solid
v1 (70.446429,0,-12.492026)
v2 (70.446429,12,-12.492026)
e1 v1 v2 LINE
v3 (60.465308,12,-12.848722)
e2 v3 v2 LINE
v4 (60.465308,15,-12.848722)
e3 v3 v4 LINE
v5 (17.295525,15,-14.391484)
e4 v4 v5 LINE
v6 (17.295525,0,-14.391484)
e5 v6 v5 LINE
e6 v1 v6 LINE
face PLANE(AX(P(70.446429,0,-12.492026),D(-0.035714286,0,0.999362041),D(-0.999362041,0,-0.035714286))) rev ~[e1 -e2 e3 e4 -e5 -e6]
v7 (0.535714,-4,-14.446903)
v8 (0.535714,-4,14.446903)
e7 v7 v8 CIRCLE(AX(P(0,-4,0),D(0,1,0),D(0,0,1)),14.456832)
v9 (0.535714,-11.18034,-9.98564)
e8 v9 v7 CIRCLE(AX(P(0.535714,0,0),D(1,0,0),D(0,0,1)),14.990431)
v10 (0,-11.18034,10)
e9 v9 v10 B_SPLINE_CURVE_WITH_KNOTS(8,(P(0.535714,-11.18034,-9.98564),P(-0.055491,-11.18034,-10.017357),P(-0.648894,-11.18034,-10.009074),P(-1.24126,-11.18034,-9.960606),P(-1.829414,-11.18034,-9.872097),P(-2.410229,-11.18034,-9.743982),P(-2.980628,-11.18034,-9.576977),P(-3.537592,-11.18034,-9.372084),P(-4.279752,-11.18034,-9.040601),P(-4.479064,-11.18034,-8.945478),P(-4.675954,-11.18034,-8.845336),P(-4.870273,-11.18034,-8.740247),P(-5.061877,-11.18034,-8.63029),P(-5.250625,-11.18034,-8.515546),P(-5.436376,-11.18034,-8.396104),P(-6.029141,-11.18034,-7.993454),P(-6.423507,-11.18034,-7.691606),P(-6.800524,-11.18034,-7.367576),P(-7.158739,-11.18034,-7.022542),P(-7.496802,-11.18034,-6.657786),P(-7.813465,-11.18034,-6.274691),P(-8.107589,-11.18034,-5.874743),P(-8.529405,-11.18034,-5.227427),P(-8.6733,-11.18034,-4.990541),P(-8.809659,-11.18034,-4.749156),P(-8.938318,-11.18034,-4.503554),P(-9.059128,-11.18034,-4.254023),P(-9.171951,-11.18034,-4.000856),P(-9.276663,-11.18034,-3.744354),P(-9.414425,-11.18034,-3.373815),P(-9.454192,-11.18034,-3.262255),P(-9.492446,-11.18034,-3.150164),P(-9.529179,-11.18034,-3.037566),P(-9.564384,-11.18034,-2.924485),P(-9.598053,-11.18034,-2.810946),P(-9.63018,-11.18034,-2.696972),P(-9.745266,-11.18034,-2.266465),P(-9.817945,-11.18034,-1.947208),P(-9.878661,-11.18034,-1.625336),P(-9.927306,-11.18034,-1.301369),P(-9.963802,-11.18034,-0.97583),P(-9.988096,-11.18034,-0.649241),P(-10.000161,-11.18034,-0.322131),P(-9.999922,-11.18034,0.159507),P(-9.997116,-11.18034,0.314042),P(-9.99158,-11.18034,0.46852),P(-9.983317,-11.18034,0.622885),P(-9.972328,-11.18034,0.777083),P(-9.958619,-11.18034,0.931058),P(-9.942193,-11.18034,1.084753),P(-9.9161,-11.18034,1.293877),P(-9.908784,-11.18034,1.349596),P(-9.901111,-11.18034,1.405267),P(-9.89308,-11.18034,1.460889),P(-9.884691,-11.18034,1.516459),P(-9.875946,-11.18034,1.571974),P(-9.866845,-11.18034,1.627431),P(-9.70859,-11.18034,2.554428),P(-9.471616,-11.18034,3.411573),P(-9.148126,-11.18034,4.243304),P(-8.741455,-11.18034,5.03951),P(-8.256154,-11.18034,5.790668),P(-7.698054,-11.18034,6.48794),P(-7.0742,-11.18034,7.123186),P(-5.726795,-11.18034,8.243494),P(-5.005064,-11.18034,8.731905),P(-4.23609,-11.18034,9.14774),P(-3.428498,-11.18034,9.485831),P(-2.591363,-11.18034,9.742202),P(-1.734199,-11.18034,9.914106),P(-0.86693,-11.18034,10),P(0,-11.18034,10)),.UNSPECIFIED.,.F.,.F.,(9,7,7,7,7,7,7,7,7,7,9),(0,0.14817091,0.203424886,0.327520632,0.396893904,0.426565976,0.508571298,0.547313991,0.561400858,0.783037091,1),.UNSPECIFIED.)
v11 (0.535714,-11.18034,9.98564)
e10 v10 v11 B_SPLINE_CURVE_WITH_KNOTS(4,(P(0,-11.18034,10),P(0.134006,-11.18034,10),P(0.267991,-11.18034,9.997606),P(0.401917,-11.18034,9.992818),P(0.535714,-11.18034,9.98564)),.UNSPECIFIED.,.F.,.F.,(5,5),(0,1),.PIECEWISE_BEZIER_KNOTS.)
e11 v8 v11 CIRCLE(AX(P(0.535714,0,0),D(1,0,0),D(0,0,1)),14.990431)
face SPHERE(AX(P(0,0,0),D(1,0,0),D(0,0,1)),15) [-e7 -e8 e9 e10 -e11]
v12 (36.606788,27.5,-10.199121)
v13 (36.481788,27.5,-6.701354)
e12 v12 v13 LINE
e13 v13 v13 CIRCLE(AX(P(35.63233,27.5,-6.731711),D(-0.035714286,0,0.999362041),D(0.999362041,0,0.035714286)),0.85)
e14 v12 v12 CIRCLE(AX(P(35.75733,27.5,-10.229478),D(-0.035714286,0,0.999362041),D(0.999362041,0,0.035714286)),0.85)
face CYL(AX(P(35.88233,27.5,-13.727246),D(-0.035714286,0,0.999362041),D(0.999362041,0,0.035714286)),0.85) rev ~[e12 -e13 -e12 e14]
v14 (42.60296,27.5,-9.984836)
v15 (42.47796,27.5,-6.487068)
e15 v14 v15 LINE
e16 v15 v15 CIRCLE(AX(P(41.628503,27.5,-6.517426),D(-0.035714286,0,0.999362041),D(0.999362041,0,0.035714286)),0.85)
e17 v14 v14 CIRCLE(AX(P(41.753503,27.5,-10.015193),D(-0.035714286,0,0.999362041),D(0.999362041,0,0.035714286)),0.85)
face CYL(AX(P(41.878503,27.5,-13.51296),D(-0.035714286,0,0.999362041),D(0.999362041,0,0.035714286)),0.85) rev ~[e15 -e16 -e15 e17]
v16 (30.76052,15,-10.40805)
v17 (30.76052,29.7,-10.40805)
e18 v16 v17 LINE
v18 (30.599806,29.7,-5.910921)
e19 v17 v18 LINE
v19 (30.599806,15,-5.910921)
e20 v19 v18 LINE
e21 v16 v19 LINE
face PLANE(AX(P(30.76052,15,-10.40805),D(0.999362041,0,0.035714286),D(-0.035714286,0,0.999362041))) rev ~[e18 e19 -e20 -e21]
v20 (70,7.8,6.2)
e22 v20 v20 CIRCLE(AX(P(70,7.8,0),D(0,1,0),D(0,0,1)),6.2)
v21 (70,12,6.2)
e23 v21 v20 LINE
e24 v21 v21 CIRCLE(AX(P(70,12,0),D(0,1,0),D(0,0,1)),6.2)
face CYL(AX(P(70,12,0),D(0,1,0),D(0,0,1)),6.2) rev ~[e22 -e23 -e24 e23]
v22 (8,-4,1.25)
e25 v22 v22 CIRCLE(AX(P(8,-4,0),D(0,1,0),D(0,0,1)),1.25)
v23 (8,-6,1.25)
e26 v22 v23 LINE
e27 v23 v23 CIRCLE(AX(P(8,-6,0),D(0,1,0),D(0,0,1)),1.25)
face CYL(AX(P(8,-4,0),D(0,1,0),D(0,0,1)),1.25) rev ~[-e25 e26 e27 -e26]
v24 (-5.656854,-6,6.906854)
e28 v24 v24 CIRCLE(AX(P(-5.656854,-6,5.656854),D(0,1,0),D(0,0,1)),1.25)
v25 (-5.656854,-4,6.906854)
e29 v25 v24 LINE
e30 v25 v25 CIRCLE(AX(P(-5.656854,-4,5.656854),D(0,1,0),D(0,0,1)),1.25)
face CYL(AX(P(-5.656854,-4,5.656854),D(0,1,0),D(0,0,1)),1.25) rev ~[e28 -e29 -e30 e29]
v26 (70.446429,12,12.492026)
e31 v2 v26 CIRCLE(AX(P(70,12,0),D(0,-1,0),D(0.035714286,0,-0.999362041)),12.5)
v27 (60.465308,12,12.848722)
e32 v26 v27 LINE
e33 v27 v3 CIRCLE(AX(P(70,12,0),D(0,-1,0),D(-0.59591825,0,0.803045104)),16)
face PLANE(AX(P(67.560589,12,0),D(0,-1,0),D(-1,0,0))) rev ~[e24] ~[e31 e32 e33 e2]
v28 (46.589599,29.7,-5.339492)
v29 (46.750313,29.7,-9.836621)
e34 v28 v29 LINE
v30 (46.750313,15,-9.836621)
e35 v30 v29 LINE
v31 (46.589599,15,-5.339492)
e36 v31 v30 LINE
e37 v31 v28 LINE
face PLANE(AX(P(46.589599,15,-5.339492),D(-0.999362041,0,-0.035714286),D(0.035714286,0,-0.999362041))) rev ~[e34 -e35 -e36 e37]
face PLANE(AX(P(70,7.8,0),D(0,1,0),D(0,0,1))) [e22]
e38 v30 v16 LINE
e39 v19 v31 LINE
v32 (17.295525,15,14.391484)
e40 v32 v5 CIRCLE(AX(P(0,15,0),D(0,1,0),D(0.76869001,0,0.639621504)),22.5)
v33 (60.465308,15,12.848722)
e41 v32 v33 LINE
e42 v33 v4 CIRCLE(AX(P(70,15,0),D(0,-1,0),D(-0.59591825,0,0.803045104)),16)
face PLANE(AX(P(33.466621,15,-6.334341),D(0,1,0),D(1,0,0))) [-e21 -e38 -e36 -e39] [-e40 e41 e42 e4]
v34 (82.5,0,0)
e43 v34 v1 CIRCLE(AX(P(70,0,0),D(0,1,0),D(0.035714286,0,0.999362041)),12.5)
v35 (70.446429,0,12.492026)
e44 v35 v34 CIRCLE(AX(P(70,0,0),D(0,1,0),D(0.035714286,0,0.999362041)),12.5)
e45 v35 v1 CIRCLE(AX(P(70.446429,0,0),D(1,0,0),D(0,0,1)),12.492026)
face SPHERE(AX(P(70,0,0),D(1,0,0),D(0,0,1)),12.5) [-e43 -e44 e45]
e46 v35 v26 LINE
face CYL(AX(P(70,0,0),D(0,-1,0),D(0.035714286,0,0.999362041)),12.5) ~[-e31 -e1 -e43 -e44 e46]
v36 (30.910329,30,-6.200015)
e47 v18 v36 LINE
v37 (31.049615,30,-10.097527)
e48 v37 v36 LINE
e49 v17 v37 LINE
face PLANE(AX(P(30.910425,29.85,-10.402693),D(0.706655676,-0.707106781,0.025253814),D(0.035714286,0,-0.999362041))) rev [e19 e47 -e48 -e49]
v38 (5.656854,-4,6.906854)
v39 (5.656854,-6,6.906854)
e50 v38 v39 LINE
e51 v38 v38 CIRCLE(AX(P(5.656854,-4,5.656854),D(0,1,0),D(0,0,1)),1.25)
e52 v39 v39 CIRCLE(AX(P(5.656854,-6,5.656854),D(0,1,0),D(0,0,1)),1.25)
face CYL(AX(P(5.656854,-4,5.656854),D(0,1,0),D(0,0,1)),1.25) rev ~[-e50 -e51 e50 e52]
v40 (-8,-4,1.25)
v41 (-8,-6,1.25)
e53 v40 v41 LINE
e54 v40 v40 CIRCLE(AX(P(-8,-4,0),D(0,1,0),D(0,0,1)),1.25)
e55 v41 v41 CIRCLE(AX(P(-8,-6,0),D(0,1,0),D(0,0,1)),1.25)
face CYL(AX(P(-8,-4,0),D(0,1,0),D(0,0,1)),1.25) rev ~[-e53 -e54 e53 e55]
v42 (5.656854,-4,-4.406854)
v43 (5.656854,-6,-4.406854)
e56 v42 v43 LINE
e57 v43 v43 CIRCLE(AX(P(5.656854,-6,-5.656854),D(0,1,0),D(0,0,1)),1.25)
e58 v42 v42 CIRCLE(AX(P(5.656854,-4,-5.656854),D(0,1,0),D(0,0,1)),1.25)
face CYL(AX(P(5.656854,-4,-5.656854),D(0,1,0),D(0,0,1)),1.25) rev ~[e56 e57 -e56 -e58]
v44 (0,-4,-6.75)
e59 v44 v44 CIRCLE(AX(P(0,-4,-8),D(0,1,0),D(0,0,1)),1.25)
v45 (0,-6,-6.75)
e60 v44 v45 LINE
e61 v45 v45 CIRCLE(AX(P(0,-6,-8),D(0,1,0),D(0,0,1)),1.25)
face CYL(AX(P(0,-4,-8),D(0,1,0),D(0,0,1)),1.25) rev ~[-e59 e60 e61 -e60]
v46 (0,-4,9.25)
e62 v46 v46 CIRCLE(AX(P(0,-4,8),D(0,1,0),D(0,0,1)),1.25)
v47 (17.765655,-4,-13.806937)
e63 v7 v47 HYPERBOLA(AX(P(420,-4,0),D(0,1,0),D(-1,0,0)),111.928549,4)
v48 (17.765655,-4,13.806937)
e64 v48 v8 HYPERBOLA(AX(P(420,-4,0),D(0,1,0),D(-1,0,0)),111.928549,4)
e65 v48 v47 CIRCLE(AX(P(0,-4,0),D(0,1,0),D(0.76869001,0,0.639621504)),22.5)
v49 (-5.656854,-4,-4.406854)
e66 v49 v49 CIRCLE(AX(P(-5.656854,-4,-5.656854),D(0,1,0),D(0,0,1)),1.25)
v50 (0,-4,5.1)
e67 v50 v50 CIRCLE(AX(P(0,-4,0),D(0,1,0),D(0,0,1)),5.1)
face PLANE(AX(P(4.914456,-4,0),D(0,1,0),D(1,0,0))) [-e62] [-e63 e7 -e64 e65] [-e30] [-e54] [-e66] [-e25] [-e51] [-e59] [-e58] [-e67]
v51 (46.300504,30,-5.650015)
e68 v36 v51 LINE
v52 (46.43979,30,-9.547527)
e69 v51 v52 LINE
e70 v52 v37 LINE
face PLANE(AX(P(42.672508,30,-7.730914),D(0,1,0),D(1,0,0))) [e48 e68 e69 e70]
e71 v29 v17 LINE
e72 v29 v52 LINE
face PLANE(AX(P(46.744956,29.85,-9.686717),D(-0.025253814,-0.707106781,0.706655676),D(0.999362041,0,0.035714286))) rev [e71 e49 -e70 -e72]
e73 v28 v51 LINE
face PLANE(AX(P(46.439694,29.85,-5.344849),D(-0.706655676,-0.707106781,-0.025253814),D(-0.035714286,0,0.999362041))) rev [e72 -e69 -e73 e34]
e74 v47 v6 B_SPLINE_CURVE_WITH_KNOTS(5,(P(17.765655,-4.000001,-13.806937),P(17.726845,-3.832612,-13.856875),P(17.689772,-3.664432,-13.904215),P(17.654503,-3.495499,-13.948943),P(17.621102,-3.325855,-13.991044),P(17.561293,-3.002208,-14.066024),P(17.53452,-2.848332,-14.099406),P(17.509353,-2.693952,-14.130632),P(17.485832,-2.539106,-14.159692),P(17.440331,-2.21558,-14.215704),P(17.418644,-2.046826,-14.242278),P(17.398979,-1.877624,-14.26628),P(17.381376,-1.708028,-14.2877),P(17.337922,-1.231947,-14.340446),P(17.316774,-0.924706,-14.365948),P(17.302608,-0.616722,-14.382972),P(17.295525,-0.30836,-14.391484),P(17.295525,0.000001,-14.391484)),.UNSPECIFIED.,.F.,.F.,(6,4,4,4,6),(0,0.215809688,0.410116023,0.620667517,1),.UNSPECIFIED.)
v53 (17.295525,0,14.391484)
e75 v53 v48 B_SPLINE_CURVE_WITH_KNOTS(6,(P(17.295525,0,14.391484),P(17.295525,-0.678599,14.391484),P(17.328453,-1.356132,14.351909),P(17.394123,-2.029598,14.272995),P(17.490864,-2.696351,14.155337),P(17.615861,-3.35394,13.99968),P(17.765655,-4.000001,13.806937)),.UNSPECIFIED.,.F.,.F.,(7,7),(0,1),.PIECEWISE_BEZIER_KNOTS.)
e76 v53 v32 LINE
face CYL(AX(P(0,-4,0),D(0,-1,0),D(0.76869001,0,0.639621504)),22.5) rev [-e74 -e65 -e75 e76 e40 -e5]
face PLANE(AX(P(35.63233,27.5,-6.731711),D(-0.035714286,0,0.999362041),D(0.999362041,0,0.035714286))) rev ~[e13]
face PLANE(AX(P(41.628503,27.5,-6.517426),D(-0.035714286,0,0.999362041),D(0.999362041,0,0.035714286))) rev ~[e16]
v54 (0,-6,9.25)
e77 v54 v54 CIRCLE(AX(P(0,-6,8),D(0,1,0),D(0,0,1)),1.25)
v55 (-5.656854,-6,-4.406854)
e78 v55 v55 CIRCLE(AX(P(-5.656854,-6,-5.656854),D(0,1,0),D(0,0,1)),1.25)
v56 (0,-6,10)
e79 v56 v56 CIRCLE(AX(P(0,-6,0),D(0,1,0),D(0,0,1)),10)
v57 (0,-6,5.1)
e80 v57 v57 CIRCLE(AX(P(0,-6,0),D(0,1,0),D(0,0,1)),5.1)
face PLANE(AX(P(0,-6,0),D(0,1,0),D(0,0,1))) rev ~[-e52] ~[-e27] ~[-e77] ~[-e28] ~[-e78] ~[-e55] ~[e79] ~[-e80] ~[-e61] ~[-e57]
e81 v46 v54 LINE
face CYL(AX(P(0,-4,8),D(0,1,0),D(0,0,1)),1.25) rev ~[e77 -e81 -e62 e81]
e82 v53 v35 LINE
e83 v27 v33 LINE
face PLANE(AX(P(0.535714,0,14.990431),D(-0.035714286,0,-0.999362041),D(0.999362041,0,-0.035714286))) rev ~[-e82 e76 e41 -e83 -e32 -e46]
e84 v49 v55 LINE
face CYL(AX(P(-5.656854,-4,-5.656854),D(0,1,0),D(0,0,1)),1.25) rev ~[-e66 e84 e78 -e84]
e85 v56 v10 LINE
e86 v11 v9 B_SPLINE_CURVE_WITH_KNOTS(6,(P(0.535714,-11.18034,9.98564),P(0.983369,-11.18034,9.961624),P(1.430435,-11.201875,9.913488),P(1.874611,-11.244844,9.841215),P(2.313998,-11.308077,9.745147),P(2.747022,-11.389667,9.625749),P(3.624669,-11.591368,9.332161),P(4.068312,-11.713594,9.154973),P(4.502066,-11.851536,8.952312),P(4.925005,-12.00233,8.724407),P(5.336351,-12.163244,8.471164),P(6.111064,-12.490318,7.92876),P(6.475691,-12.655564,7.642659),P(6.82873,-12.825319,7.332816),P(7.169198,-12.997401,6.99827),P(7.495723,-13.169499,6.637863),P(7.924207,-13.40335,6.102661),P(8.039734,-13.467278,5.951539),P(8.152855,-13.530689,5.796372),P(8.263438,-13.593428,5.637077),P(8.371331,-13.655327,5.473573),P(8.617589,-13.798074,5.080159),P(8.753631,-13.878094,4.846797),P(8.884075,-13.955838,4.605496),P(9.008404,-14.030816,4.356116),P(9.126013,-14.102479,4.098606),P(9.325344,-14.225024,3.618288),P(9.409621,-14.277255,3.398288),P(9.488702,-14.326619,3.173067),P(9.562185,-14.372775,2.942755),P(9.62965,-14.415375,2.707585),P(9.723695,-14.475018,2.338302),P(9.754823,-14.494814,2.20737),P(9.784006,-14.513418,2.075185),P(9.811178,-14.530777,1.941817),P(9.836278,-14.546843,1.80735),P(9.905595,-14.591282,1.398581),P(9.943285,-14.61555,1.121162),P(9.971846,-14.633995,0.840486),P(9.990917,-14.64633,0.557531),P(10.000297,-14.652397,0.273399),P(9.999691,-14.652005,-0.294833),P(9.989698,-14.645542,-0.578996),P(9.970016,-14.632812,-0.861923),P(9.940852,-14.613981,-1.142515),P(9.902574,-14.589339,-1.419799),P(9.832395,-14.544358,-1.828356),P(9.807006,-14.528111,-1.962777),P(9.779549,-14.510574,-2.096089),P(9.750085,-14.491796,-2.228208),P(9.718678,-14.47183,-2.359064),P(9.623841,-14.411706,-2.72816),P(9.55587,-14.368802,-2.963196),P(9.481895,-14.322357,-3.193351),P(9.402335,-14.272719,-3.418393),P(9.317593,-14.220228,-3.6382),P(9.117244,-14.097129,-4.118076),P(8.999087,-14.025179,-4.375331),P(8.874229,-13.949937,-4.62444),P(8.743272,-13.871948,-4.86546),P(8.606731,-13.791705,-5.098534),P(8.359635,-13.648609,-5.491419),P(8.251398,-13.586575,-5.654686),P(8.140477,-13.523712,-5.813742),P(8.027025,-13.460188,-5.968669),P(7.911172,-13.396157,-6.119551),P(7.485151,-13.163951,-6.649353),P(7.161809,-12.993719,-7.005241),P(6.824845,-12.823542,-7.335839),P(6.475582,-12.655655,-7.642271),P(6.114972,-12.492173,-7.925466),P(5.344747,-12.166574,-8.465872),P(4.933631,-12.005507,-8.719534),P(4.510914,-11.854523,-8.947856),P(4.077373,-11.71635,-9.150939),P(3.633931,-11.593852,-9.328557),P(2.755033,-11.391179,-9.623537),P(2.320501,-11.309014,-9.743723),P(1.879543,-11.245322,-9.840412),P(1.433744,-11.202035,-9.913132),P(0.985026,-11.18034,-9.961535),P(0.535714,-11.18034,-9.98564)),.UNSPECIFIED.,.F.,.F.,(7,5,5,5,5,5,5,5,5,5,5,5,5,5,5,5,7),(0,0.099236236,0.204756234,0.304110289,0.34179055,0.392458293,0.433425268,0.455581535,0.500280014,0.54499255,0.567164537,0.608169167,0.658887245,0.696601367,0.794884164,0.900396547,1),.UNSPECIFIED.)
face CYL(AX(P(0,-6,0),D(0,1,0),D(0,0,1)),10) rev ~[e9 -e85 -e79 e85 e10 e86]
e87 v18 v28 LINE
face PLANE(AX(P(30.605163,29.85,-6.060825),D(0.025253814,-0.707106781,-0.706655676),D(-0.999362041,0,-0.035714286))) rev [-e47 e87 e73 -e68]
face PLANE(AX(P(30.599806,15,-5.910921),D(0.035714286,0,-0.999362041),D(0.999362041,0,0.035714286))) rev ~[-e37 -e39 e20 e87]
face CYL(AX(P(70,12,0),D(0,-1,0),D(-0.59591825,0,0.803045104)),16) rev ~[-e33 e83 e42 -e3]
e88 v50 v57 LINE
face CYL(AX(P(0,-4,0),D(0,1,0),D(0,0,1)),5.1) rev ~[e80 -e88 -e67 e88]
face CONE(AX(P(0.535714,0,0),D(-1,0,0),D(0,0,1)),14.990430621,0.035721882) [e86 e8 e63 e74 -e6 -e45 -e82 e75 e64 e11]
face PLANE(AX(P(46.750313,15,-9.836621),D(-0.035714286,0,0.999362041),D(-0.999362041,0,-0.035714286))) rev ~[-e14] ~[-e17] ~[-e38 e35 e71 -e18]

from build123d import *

# Parameters (mm, degrees)
EXTRUDE_1_DEPTH     = 15
REVOLVE_1_ANGLE     = 180.0000000000004
CUT_EXTRUDE_START   = -19
CUT_EXTRUDE_1_DEPTH = 19
SKETCH_5_R          = 10
CUT_EXTRUDE_2_DEPTH = 87.34958022017247
SKETCH_4_R          = 1.2499999999999991
SKETCH_4_R_2        = 1.2500000000000002
SKETCH_4_R_3        = 1.2499999999999996
SKETCH_4_R_4        = 1.2499999999999987
SKETCH_4_R_5        = 1.2499999999999984
SKETCH_4_R_6        = 1.249999999999999
SKETCH_4_R_7        = 5.1000000000000005
CUT_EXTRUDE_3_DEPTH = 86.88509768172823
CUT_EXTRUDE_START_2 = -3
CUT_EXTRUDE_5_DEPTH = 3
SKETCH_6_R          = 6.200000000000004
CUT_EXTRUDE_4_DEPTH = 4.2
EXTRUDE_2_DEPTH     = 15
CHAMFER_1_SIZE      = 0.3
HOLE_WIZARD_1_D     = 1.7
HOLE_WIZARD_1_DEPTH = 3.5


with BuildPart() as part:
    # 草图2 → 凸台-拉伸1 (new body)
    with BuildSketch(Plane(origin=(0, 0, 0), x_dir=(1, 0, 0), z_dir=(0, 1, 0))):
        with BuildLine():
            Line((70.44642857142858, 12.492025517529665), (0.5357142857142793, 14.990430621035568))
            ThreePointArc((0.5357142857142791, 14.990430621035566), (-10.41547612244118, 10.79434375693384), (-14.99999999999997, 1.22e-15))
            Line((-15, 0), (82.5, -8.67e-15))
            ThreePointArc((82.5, -8.44e-15), (78.99528646411157, 8.679563435367664), (70.44642857142858, 12.492025517529667))
        make_face()
        with BuildLine():
            Line((82.5, -8.67e-15), (-15, 0))
            ThreePointArc((-14.999999999999998, 0), (-10.415476122441204, -10.794343756933866), (0.535714285714286, -14.990430621035598))
            Line((0.5357142857142848, -14.990430621035598), (70.44642857142858, -12.492025517529669))
            ThreePointArc((70.44642857142858, -12.492025517529669), (78.99528646411156, -8.679563435367672), (82.5, -8.72e-15))
        make_face()
    extrude(amount=EXTRUDE_1_DEPTH)

    # 草图1 → 旋转1 (revolve)
    with BuildSketch(Plane(origin=(0, 0, 0), x_dir=(1, 0, 0), z_dir=(0, 1, 0))):
        with BuildLine():
            Line((0.5357142857142848, -14.990430621035598), (70.44642857142858, -12.492025517529669))
            ThreePointArc((70.44642857142858, -12.492025517529669), (78.99528646411156, -8.67956343536767), (82.5, 0))
            Line((82.5, 0), (-15, 0))
            ThreePointArc((-15, 0), (-10.415476122441207, -10.794343756933864), (0.5357142857142848, -14.990430621035598))
        make_face()
    revolve(axis=Axis((70, 0, 8.67e-15), (1, 0, 1.2e-16)), revolution_arc=REVOLVE_1_ANGLE)

    # 草图3 → 切除-拉伸1 (cut)
    with BuildSketch(Plane(origin=(0, 15, 0), x_dir=(1, 0, 0), z_dir=(0, 1, 0)).offset(CUT_EXTRUDE_START)):
        with BuildLine():
            Line((17.295525226029294, 14.391483841348133), (0.5357142857142793, 14.990430621035568))
            ThreePointArc((0.5357142857142793, 14.990430621035568), (-14.999999999999972, 1.84e-15), (0.5357142857142814, -14.990430621035584))
            Line((0.5357142857142814, -14.990430621035584), (17.29552522602928, -14.391483841348148))
            ThreePointArc((17.29552522602928, -14.391483841348148), (22.5, -9.99e-15), (17.295525226029294, 14.391483841348133))
        make_face()
    extrude(amount=CUT_EXTRUDE_1_DEPTH, mode=Mode.SUBTRACT)

    # 草图5 → 切除-拉伸2 (cut, through all)
    with BuildSketch(Plane(origin=(0, -6, 0), x_dir=(1, 0, 0), z_dir=(0, 1, 0))):
        with Locations(Location((0, 0, 0), (0, 0, 270))):
            Circle(SKETCH_5_R)
    extrude(amount=-CUT_EXTRUDE_2_DEPTH, mode=Mode.SUBTRACT)

    # 草图4 → 切除-拉伸3 (cut, through all)
    with BuildSketch(Plane(origin=(0, -4, 0), x_dir=(1, 0, 0), z_dir=(0, 1, 0))):
        with Locations(Location((8, 0, 0), (0, 0, 270))):
            Circle(SKETCH_4_R)
        with Locations(Location((5.656854249492371, -5.656854249492391, 0), (0, 0, 270))):
            Circle(SKETCH_4_R_2)
        with Locations(Location((-2.793e-14, -8, 0), (0, 0, 270))):
            Circle(SKETCH_4_R_3)
        with Locations(Location((-5.656854249492411, -5.65685424949235, 0), (0, 0, 270))):
            Circle(SKETCH_4_R_4)
        with Locations(Location((-8, 5.586e-14, 0), (0, 0, 270))):
            Circle(SKETCH_4_R_5)
        with Locations(Location((-5.65685424949233, 5.656854249492429, 0), (0, 0, 270))):
            Circle(SKETCH_4_R_3)
        with Locations(Location((8.38e-14, 7.999999999999998, 0), (0, 0, 270))):
            Circle(SKETCH_4_R_6)
        with Locations(Location((5.656854249492451, 5.656854249492311, 0), (0, 0, 270))):
            Circle(SKETCH_4_R_6)
        with Locations(Location((0, 0, 0), (0, 0, 270))):
            Circle(SKETCH_4_R_7)
    extrude(amount=-CUT_EXTRUDE_3_DEPTH, mode=Mode.SUBTRACT)

    # 草图11 → 切除-拉伸5 (cut)
    with BuildSketch(Plane(origin=(0, 15, 0), x_dir=(1, 0, 0), z_dir=(0, 1, 0)).offset(CUT_EXTRUDE_START_2)):
        with BuildLine():
            Line((60.46530800021301, 12.848721666733917), (70.44642857142858, 12.492025517529665))
            ThreePointArc((70.44642857142858, 12.492025517529665), (82.5, -8.67e-15), (70.44642857142858, -12.492025517529669))
            Line((70.44642857142858, -12.492025517529669), (60.46530800021299, -12.848721666733926))
            ThreePointArc((60.46530800021299, -12.848721666733926), (54, 3.9e-16), (60.46530800021301, 12.848721666733917))
        make_face()
    extrude(amount=CUT_EXTRUDE_5_DEPTH, mode=Mode.SUBTRACT)

    # 草图6 → 切除-拉伸4 (cut)
    with BuildSketch(Plane(origin=(0, 12, 0), x_dir=(1, 0, 0), z_dir=(0, 1, 0))):
        with Locations(Location((70, -8.67e-15, 0), (0, 0, 270))):
            Circle(SKETCH_6_R)
    extrude(amount=-CUT_EXTRUDE_4_DEPTH, mode=Mode.SUBTRACT)

    # 草图12 → 凸台-拉伸2 (add)
    with BuildSketch(Plane(origin=(0, 15, 0), x_dir=(1, 0, 0), z_dir=(0, 1, 0))):
        Polygon((38.755416613121156, 10.122335609132724), (38.59470232740688, 5.625206422822045), (46.58959865862586, 5.339492137107765), (46.750312944340145, 9.836621323418441), align=None)
        Polygon((30.760520281902174, 10.408049894847004), (30.59980599618789, 5.910920708536326), (38.59470232740688, 5.625206422822045), (38.755416613121156, 10.122335609132724), align=None)
    extrude(amount=EXTRUDE_2_DEPTH)

    # 倒角1
    chamfer_1_edges = [part.edges().sort_by_distance(p)[0] for p in [
        (38.755416613121156, 30, -10.122335609132723),
        (30.680163139045032, 30, -8.159485301691664),
        (38.59470232740688, 30, -5.625206422822045),
        (46.669955801483, 30, -7.588056730263103),
    ]]
    chamfer(chamfer_1_edges, length=CHAMFER_1_SIZE)

    # 孔1
    with Locations(Plane(origin=(0.41071428571427876, 0, -11.492663476127266), x_dir=(-0.9993620414023731, 0, -0.03571428571428518), z_dir=(0.03571428571428518, 0, -0.9993620414023731))):
        with Locations((-41.369180272, 27.499999998), (-35.369180272, 27.499999998)):
            Hole(HOLE_WIZARD_1_D / 2, depth=HOLE_WIZARD_1_DEPTH)


solid = part.part
